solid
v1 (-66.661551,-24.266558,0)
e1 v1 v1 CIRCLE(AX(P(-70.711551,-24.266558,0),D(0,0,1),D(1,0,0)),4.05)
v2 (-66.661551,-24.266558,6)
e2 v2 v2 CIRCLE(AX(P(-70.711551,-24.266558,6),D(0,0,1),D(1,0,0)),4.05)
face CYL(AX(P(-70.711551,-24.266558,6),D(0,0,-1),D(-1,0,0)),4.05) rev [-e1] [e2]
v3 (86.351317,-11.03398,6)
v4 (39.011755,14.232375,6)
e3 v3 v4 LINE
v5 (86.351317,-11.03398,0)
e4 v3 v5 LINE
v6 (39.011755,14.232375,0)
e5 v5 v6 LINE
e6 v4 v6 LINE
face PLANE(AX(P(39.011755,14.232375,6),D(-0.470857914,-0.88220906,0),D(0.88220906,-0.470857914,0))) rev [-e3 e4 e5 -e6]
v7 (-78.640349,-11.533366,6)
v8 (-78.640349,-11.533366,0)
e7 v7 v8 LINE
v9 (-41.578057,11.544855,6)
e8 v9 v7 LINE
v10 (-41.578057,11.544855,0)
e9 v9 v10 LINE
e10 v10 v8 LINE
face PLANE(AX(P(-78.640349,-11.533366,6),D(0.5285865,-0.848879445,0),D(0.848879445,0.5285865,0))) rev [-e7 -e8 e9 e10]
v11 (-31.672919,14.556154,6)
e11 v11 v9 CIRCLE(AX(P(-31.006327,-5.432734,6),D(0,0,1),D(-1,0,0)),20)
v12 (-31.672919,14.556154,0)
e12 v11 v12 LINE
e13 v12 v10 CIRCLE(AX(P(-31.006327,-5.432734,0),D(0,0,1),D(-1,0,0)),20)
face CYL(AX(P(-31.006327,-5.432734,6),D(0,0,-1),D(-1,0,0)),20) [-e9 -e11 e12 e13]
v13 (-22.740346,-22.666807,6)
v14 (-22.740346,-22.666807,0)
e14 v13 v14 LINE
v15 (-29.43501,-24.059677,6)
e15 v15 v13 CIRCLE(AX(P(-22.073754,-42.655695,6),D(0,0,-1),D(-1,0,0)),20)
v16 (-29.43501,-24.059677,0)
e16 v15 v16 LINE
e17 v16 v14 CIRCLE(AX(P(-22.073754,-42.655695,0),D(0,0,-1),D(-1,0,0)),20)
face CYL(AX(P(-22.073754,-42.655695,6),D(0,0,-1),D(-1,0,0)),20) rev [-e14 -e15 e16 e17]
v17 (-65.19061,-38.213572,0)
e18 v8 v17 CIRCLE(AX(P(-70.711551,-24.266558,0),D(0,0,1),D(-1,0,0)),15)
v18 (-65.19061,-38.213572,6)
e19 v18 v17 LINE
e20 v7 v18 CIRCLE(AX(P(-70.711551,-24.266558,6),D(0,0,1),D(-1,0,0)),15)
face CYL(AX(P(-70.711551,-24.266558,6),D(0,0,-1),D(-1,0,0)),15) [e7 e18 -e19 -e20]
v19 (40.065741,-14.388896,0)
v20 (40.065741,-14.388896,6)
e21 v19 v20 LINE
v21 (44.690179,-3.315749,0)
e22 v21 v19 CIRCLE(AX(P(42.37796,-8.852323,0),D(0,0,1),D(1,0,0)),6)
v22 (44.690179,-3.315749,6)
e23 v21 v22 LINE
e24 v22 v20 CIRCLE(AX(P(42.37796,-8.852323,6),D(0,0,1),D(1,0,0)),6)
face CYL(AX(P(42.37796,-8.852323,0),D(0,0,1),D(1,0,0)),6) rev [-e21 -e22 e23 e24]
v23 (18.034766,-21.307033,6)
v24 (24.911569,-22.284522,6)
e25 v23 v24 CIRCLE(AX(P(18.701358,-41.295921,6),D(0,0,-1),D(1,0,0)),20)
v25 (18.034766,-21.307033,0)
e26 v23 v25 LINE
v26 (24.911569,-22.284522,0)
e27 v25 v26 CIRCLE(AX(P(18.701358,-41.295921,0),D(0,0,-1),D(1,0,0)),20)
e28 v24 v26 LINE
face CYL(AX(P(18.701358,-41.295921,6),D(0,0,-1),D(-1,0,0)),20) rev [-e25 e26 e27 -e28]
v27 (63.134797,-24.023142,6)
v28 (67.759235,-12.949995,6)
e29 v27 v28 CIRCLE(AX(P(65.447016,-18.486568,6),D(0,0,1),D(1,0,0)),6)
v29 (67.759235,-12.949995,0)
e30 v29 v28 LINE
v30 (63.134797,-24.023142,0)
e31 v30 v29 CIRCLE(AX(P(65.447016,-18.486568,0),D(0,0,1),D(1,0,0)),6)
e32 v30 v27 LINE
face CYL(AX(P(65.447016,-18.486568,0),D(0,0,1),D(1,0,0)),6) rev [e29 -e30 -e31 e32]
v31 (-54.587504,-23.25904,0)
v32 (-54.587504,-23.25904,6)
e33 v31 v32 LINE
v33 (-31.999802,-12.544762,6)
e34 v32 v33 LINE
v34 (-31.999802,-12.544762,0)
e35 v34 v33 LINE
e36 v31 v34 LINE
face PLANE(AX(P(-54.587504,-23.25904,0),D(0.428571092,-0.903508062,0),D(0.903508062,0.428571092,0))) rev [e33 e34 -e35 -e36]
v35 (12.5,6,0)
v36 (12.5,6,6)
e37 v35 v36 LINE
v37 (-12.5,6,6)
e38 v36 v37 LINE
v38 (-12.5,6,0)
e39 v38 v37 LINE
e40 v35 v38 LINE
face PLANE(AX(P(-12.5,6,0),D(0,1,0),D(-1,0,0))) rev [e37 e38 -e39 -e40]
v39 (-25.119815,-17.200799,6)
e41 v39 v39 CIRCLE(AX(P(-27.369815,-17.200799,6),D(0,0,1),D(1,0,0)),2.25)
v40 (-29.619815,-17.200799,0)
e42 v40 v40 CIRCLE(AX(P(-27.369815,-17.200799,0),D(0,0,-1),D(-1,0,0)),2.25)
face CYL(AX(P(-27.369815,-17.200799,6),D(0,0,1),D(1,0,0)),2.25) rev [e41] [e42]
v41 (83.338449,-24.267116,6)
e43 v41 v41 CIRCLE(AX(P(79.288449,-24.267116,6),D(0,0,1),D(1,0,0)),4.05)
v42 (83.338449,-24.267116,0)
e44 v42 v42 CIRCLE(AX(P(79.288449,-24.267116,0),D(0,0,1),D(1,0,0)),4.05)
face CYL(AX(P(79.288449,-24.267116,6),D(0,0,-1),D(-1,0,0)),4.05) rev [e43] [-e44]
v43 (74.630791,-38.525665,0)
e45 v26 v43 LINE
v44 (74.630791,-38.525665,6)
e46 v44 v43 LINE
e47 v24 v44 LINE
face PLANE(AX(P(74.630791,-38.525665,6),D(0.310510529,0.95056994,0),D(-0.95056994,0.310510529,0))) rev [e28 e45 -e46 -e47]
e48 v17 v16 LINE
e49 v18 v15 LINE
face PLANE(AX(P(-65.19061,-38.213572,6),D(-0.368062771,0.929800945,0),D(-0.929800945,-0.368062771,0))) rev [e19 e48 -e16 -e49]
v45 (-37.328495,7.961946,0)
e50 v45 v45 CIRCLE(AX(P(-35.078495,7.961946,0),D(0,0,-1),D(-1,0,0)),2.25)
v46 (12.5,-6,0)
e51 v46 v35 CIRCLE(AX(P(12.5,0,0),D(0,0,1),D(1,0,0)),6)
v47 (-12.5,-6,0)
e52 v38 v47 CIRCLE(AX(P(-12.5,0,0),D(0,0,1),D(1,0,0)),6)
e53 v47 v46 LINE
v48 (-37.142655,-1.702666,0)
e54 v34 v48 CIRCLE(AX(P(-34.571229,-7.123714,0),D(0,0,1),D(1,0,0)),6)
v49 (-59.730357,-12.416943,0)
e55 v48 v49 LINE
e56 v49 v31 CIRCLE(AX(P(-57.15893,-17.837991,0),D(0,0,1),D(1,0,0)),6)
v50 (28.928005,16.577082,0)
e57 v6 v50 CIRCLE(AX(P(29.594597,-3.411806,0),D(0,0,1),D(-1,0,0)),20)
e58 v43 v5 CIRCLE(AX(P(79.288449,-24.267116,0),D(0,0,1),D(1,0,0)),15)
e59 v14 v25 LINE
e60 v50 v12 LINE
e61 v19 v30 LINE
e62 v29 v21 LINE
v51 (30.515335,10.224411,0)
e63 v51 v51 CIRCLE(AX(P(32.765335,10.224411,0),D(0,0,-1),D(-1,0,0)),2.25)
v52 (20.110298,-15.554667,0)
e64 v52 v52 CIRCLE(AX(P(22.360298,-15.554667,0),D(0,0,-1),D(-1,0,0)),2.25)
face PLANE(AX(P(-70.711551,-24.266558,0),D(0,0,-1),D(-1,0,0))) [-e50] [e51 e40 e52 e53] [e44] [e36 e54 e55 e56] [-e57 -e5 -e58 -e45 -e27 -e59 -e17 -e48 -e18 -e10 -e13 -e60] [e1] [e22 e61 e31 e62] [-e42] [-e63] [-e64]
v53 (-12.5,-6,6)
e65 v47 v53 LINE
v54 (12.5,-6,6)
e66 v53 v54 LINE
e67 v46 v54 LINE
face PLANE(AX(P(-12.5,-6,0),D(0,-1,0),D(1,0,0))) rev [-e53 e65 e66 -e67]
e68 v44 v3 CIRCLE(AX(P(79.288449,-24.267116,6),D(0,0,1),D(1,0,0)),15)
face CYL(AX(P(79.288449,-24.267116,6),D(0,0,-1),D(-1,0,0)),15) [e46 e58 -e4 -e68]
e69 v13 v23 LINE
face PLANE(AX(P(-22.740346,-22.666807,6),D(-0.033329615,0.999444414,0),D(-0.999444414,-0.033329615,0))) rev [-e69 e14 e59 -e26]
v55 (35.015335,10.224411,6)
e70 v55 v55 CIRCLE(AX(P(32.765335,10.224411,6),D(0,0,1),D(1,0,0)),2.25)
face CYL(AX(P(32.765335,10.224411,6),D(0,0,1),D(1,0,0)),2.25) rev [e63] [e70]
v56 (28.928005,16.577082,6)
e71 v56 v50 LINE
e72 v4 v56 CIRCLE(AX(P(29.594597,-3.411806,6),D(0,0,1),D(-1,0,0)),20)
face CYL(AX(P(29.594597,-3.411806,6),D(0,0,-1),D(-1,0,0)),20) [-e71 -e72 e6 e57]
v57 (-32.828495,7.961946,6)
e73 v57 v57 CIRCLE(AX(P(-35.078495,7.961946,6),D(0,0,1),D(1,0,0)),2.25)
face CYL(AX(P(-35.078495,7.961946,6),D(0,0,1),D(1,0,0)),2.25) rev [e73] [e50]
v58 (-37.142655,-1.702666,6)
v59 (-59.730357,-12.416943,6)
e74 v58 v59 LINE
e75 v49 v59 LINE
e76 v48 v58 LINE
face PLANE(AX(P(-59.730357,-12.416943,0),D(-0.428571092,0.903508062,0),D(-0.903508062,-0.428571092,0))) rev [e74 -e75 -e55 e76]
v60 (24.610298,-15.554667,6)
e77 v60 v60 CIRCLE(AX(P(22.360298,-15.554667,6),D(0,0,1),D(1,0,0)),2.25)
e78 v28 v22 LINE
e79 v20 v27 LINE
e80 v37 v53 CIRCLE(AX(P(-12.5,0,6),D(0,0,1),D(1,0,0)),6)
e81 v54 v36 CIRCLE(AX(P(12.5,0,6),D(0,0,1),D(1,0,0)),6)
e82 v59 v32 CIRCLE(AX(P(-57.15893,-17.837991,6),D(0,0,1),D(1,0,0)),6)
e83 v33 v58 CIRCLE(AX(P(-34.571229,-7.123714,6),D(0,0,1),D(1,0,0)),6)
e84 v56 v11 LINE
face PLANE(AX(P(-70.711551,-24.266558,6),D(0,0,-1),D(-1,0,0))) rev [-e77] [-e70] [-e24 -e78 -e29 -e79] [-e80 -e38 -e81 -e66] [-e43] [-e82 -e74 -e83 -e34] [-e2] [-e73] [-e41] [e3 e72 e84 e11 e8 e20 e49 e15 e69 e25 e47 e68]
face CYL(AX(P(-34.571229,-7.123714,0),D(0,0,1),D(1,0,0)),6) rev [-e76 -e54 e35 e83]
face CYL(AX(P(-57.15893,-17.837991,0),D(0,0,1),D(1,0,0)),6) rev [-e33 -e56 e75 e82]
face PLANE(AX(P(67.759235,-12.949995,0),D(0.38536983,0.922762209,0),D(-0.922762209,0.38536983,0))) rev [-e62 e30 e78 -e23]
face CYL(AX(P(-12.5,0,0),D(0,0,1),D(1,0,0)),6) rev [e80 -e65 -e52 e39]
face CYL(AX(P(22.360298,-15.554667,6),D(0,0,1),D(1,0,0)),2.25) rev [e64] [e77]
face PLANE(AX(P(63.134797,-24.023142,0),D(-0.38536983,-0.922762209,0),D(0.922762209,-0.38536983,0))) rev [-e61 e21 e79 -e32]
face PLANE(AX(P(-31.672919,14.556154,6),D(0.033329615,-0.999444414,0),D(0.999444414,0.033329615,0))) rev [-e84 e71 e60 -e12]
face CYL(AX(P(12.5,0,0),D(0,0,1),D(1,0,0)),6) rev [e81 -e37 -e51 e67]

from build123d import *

# Parameters (mm, degrees)
SKETCH1_R                = 4.05
BOSS_EXTRUDE1_DEPTH      = 6
M4_CLEARANCE_HOLE1_D     = 4.5
M4_CLEARANCE_HOLE1_DEPTH = 80.96
M4_CLEARANCE_HOLE1_TIP   = 1.351936393
CUT_EXTRUDE1_DEPTH       = 103.314309644


with BuildPart() as part:
    # Sketch1 → Boss-Extrude1 (new body)
    with BuildSketch(Plane.XY):
        with BuildLine():
            Line((-65.19060966, -38.213571923), (-29.435009511, -24.059676563))
            ThreePointArc((-29.435009511, -24.059676563), (-26.147647316, -23.075006142), (-22.740346385, -22.666807174))
            Line((-22.740346385, -22.666807174), (18.034765948, -21.307032913))
            ThreePointArc((18.034765948, -21.307032913), (21.515927007, -21.494956503), (24.911568818, -22.284522385))
            Line((24.911568818, -22.284522385), (74.630790843, -38.525664943))
            ThreePointArc((74.630790843, -38.525664943), (93.086798158, -30.149764409), (86.35131748, -11.033979941))
            Line((86.35131748, -11.033979941), (39.011755224, 14.232375332))
            ThreePointArc((39.011755224, 14.232375332), (34.124223209, 16.06850435), (28.928004649, 16.57708242))
            Line((28.928004649, 16.57708242), (-31.672918815, 14.556154182))
            ThreePointArc((-31.672918815, 14.556154182), (-36.823710211, 13.702522548), (-41.578056522, 11.544854797))
            Line((-41.578056522, 11.544854797), (-78.64034873, -11.533366082))
            ThreePointArc((-78.64034873, -11.533366082), (-84.105870489, -31.018758249), (-65.19060966, -38.213571923))
        make_face()
        with Locations((-70.711551227, -24.266557754)):
            Circle(SKETCH1_R, mode=Mode.SUBTRACT)
        with Locations((79.288448772, -24.267115836)):
            Circle(SKETCH1_R, mode=Mode.SUBTRACT)
    extrude(amount=BOSS_EXTRUDE1_DEPTH)

    # M4 Clearance Hole1
    with Locations(Plane(origin=(-35.078495103, 7.961945554, 6), x_dir=(1, 0, 0), z_dir=(0, 0, 1))):
        with Locations((0, 0), (7.708679818, -25.162744902), (67.843830433, 2.262465733), (57.438792738, -23.51661265)):
            Hole(M4_CLEARANCE_HOLE1_D / 2, depth=M4_CLEARANCE_HOLE1_DEPTH)
            with Locations((0, 0, -(M4_CLEARANCE_HOLE1_DEPTH + M4_CLEARANCE_HOLE1_TIP / 2))):  # 118° drill point
                Cone(0, M4_CLEARANCE_HOLE1_D / 2, M4_CLEARANCE_HOLE1_TIP, mode=Mode.SUBTRACT)

    # Sketch4 → Cut-Extrude1 (cut, through all)
    with BuildSketch(Plane.XY.offset(6)):
        with BuildLine():
            Line((-59.730356843, -12.416942996), (-37.142655282, -1.702665692))
            ThreePointArc((-37.142655282, -1.702665692), (-29.150180354, -4.552287513), (-31.999802176, -12.544762441))
            Line((-31.999802176, -12.544762441), (-54.587503737, -23.259039746))
            ThreePointArc((-54.587503737, -23.259039746), (-62.579978665, -20.409417924), (-59.730356843, -12.416942996))
        make_face()
        with BuildLine():
            Line((63.134796659, -24.023141646), (40.065741433, -14.388895905))
            ThreePointArc((40.065741433, -14.388895905), (36.841387157, -6.540103673), (44.690179389, -3.315749397))
            Line((44.690179389, -3.315749397), (67.759234614, -12.949995138))
            ThreePointArc((67.759234614, -12.949995138), (70.983588891, -20.79878737), (63.134796659, -24.023141646))
        make_face()
        with BuildLine():
            Line((-12.5, 6), (12.5, 6))
            ThreePointArc((12.5, 6), (18.5, 0), (12.5, -6))
            Line((12.5, -6), (-12.5, -6))
            ThreePointArc((-12.5, -6), (-18.5, 0), (-12.5, 6))
        make_face()
    extrude(amount=-CUT_EXTRUDE1_DEPTH, mode=Mode.SUBTRACT)


solid = part.part
